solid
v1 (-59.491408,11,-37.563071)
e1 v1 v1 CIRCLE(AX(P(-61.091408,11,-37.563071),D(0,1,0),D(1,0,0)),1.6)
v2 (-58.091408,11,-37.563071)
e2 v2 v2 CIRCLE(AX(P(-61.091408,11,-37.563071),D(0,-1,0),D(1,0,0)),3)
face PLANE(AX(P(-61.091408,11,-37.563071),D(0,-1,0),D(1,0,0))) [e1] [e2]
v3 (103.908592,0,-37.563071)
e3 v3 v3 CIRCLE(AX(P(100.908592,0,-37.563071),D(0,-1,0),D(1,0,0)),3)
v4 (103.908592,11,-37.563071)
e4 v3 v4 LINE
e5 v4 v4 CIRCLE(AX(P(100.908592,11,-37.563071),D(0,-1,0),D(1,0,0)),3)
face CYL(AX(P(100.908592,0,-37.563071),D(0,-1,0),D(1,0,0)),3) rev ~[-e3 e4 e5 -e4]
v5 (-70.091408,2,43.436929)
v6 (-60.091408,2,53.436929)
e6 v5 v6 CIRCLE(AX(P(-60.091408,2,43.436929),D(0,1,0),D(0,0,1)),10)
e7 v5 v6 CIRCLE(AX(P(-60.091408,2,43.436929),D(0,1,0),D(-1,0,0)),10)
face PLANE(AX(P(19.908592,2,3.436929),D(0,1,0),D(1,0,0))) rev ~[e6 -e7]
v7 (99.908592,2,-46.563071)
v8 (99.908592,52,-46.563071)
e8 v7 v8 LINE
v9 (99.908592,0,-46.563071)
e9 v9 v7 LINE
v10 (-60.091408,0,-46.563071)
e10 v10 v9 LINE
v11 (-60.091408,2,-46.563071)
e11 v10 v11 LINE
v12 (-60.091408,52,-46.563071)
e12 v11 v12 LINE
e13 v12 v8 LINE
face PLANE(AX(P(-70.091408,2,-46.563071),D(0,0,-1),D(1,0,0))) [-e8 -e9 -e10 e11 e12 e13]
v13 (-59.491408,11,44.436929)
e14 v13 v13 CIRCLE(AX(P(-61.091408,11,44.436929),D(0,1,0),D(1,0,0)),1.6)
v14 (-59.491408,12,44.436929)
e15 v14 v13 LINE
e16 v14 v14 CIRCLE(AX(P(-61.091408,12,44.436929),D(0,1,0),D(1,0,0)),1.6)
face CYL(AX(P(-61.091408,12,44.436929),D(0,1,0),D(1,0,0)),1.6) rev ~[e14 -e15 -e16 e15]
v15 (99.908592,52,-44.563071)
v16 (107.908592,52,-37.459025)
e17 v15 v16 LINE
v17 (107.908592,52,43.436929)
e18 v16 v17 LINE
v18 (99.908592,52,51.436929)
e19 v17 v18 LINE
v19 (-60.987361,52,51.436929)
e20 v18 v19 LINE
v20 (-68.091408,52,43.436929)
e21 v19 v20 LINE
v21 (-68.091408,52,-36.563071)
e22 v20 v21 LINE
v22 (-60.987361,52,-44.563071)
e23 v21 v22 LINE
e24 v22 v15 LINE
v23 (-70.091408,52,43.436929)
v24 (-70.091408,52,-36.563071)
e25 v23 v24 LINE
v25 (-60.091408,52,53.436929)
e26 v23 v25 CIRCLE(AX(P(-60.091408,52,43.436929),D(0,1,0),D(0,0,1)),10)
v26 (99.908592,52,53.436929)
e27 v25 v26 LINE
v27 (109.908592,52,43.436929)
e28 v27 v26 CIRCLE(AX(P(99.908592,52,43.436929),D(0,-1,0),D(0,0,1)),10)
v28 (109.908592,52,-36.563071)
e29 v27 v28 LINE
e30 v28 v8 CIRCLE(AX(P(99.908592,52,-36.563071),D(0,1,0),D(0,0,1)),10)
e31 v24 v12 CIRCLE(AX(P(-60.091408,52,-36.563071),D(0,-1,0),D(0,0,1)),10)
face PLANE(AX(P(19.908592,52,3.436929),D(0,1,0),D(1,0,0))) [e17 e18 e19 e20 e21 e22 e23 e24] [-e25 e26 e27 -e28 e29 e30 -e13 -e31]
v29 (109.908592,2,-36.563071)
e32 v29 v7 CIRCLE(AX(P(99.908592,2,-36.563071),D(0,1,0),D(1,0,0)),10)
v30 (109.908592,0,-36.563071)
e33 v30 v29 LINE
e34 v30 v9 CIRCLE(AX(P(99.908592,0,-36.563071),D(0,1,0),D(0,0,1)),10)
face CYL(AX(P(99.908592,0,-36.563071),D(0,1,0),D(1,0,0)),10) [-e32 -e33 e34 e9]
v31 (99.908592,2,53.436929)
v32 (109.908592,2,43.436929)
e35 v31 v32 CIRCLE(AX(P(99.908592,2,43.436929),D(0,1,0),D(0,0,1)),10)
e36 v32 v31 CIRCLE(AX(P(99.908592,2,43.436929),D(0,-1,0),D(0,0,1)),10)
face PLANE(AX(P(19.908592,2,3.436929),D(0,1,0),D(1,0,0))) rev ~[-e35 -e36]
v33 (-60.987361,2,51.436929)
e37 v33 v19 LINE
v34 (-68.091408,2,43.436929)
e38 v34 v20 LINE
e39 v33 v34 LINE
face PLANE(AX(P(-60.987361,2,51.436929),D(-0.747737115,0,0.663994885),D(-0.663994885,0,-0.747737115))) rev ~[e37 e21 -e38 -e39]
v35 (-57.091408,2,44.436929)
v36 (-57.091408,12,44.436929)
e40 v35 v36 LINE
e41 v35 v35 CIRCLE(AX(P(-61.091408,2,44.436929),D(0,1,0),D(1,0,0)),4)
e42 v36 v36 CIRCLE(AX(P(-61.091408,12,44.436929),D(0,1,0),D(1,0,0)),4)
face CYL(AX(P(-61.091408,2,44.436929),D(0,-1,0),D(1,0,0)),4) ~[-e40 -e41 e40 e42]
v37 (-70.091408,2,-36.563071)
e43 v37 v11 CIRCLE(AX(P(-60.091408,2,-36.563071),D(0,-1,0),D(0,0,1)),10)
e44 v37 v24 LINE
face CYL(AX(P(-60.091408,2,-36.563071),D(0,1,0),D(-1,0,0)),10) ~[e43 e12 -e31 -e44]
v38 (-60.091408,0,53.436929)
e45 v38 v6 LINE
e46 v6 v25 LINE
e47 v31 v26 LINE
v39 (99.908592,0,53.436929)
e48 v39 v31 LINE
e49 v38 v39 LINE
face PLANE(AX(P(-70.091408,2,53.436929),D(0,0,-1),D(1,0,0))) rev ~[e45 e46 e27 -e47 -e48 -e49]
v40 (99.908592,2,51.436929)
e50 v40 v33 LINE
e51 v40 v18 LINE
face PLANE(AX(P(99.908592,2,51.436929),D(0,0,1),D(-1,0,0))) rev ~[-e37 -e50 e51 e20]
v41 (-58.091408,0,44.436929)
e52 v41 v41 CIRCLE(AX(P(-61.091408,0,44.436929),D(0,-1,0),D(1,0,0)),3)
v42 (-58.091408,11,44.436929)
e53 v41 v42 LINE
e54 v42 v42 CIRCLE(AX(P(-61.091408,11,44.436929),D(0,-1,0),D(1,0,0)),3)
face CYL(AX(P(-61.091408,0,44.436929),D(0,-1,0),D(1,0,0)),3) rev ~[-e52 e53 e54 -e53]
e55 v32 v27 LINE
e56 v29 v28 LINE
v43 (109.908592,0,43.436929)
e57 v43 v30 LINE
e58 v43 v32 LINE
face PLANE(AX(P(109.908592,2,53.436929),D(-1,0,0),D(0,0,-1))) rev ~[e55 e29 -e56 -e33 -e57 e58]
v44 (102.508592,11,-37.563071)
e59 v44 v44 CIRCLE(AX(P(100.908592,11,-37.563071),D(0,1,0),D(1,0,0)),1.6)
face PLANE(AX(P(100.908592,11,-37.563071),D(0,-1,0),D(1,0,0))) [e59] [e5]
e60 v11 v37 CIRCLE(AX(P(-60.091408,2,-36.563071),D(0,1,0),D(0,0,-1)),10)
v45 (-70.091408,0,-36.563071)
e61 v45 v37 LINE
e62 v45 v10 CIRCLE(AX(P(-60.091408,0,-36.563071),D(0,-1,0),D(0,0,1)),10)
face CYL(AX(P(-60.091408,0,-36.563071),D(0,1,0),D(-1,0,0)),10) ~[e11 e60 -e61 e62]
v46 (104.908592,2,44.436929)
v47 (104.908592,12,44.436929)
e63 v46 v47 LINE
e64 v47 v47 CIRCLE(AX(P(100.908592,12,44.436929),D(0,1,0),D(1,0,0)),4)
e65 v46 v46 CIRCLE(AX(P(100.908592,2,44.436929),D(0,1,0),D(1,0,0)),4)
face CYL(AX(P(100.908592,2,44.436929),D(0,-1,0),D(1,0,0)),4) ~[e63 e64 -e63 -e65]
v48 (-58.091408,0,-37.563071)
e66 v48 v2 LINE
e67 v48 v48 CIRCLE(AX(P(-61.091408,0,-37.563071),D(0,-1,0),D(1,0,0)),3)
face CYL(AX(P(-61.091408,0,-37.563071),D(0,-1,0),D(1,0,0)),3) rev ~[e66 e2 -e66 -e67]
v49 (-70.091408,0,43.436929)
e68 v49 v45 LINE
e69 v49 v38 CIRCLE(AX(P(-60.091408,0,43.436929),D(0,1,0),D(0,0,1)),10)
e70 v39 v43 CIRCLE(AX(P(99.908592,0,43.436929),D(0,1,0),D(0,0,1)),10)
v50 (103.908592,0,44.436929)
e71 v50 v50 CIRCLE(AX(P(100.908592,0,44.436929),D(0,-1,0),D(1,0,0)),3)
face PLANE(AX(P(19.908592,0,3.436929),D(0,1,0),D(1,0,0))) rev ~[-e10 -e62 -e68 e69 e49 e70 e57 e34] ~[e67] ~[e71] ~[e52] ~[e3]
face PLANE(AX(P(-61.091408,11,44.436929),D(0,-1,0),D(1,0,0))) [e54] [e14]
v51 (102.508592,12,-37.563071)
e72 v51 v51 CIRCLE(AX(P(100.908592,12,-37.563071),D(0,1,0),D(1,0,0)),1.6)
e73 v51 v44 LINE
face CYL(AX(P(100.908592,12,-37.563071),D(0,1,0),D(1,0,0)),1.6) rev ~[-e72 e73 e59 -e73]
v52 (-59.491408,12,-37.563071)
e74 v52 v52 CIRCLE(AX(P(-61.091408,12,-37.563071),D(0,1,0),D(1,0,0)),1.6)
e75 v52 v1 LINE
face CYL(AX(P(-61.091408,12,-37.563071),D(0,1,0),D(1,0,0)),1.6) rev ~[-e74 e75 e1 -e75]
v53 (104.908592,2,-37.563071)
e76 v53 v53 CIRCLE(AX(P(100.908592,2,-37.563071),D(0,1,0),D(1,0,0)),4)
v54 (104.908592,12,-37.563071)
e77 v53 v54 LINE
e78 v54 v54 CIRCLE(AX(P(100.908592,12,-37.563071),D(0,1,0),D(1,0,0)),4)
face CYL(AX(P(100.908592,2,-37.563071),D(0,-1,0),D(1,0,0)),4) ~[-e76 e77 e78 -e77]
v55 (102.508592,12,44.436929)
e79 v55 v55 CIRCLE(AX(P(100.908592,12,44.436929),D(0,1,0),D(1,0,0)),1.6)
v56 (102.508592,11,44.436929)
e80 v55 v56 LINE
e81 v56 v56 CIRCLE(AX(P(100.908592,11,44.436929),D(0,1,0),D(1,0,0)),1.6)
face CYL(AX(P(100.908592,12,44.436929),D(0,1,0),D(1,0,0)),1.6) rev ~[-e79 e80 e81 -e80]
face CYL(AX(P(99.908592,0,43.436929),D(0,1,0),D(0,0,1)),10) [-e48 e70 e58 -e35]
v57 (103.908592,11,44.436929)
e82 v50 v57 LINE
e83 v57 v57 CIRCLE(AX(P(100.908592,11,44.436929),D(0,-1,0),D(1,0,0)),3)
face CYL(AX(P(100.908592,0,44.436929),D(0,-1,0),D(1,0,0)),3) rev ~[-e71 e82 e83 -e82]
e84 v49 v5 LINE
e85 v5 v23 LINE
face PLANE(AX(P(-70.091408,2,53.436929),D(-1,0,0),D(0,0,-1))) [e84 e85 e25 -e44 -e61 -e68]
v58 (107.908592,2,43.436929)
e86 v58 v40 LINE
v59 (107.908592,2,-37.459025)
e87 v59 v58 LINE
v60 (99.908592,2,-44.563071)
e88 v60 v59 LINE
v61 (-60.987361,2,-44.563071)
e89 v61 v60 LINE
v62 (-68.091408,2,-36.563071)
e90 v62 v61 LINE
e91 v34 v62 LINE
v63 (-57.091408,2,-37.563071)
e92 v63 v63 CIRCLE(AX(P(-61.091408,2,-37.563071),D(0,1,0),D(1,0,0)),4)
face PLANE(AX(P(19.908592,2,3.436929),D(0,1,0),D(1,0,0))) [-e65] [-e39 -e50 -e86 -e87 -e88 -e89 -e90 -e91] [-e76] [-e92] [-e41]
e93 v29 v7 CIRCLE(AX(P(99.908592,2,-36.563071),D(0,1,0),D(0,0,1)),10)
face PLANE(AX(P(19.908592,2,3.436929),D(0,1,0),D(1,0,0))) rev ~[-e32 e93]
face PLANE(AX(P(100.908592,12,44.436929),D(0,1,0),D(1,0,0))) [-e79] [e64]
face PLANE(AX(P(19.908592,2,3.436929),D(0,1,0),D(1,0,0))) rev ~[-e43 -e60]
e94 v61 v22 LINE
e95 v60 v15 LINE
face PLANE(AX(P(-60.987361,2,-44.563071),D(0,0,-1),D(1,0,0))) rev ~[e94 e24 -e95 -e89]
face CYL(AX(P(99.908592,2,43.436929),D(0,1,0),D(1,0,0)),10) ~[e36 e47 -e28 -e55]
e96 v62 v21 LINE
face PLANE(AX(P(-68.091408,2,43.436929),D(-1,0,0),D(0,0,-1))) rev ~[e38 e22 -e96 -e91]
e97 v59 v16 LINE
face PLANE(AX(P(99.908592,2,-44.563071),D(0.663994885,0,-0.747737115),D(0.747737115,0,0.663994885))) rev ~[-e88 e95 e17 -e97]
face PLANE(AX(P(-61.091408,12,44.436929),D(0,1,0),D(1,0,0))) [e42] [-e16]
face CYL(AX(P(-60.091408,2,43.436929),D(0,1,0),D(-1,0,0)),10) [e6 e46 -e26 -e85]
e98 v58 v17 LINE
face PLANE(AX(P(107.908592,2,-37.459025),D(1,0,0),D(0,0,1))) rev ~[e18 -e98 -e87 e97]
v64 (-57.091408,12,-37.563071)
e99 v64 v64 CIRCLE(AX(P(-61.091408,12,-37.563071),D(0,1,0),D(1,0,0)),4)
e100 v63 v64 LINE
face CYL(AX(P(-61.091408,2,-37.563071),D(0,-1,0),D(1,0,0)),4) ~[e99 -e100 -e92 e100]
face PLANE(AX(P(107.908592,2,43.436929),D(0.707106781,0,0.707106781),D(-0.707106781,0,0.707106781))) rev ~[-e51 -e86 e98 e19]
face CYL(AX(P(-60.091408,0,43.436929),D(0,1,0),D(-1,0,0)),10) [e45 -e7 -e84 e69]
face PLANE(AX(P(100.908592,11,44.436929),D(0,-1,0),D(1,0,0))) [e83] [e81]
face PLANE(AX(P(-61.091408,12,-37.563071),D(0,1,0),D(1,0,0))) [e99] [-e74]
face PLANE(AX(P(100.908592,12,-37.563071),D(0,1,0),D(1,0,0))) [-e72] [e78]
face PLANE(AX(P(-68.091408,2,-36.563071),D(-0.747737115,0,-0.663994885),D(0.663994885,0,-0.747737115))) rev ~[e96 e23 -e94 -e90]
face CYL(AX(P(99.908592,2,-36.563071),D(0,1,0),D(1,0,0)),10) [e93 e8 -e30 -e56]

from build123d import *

# Parameters (mm, degrees)
SKETCH_1_W          = 180
SKETCH_1_H          = 100
EXTRUDE_1_DEPTH     = 2
FILLET_2_R          = 10
SKETCH_3_R          = 4
EXTRUDE_2_DEPTH     = 10
SKETCH_4_R          = 3
CUT_EXTRUDE_1_DEPTH = 11
SKETCH_5_R          = 1.6
CUT_EXTRUDE_2_DEPTH = 13
SKETCH_6_W          = 180
SKETCH_6_H          = 100
SKETCH_6_W_2        = 176
SKETCH_6_H_2        = 96
EXTRUDE_4_DEPTH     = 50
EXTRUDE_5_DEPTH     = 50
FILLET_4_R          = 10


with BuildPart() as part:
    # Эскиз1 → Бобышка-Вытянуть1 (new body)
    with BuildSketch(Plane(origin=(0, 0, 0), x_dir=(1, 0, 0), z_dir=(0, 1, 0))):
        with Locations((19.908592322, -3.436928702)):
            Rectangle(SKETCH_1_W, SKETCH_1_H)
    extrude(amount=EXTRUDE_1_DEPTH)

    # Скругление2
    fillet_2_edges = [part.edges().sort_by_distance(p)[0] for p in [
        (-70.091407678, 1, -46.563071298),
        (109.908592322, 1, -46.563071298),
        (109.908592322, 1, 53.436928702),
        (-70.091407678, 1, 53.436928702),
    ]]
    fillet(fillet_2_edges, radius=FILLET_2_R)

    # Эскиз3 → Бобышка-Вытянуть2 (add)
    with BuildSketch(Plane(origin=(0, 2, 0), x_dir=(1, 0, 0), z_dir=(0, 1, 0))):
        with Locations((-61.091407678, 37.563071298)):
            Circle(SKETCH_3_R)
        with Locations((100.908592322, 37.563071298)):
            Circle(SKETCH_3_R)
        with Locations((100.908592322, -44.436928702)):
            Circle(SKETCH_3_R)
        with Locations((-61.091407678, -44.436928702)):
            Circle(SKETCH_3_R)
    extrude(amount=EXTRUDE_2_DEPTH)

    # Эскиз4 → Вырез-Вытянуть1 (cut)
    with BuildSketch(Plane.XZ):
        with Locations((-61.091407678, -37.563071298)):
            Circle(SKETCH_4_R)
        with Locations((-61.091407678, 44.436928702)):
            Circle(SKETCH_4_R)
        with Locations((100.908592322, 44.436928702)):
            Circle(SKETCH_4_R)
        with Locations((100.908592322, -37.563071298)):
            Circle(SKETCH_4_R)
    extrude(amount=-CUT_EXTRUDE_1_DEPTH, mode=Mode.SUBTRACT)

    # Эскиз5 → Вырез-Вытянуть2 (cut, through all)
    with BuildSketch(Plane(origin=(0, 12, 0), x_dir=(1, 0, 0), z_dir=(0, 1, 0))):
        with Locations((100.908592322, 37.563071298)):
            Circle(SKETCH_5_R)
        with Locations((100.908592322, -44.436928702)):
            Circle(SKETCH_5_R)
        with Locations((-61.091407678, 37.563071298)):
            Circle(SKETCH_5_R)
        with Locations((-61.091407678, -44.436928702)):
            Circle(SKETCH_5_R)
    extrude(amount=-CUT_EXTRUDE_2_DEPTH, mode=Mode.SUBTRACT)

    # Эскиз6 → Бобышка-Вытянуть4 (add)
    with BuildSketch(Plane(origin=(0, 2, 0), x_dir=(1, 0, 0), z_dir=(0, 1, 0))):
        with Locations((19.908592322, -3.436928702)):
            Rectangle(SKETCH_6_W, SKETCH_6_H)
        with Locations((19.908592322, -3.436928702)):
            Rectangle(SKETCH_6_W_2, SKETCH_6_H_2, mode=Mode.SUBTRACT)
    extrude(amount=EXTRUDE_4_DEPTH)

    # Эскиз2 → Бобышка-Вытянуть5 (add)
    with BuildSketch(Plane(origin=(0, 2, 0), x_dir=(1, 0, 0), z_dir=(0, 1, 0))):
        Polygon((99.908592322, 46.563071298), (-60.091407678, 46.563071298), (-70.091407678, 46.563071298), (-70.091407678, 36.563071298), (-70.091407678, -43.436928702), (-70.091407678, -53.436928702), (-60.091407678, -53.436928702), (99.908592322, -53.436928702), (109.908592322, -53.436928702), (109.908592322, -43.436928702), (109.908592322, 36.563071298), (109.908592322, 46.563071298), align=None)
        Polygon((-68.091407678, -43.436928702), (-68.091407678, 36.563071298), (-60.987361381, 44.563071298), (99.908592322, 44.563071298), (107.908592322, 37.459025001), (107.908592322, -43.436928702), (99.908592322, -51.436928702), (-60.987361381, -51.436928702), align=None, mode=Mode.SUBTRACT)
    extrude(amount=EXTRUDE_5_DEPTH)

    # Скругление4
    fillet_4_edges = [part.edges().sort_by_distance(p)[0] for p in [
        (-70.091407678, 27, 53.436928702),
        (-70.091407678, 27, -46.563071298),
        (109.908592322, 27, -46.563071298),
        (109.908592322, 27, 53.436928702),
    ]]
    fillet(fillet_4_edges, radius=FILLET_4_R)


solid = part.part
